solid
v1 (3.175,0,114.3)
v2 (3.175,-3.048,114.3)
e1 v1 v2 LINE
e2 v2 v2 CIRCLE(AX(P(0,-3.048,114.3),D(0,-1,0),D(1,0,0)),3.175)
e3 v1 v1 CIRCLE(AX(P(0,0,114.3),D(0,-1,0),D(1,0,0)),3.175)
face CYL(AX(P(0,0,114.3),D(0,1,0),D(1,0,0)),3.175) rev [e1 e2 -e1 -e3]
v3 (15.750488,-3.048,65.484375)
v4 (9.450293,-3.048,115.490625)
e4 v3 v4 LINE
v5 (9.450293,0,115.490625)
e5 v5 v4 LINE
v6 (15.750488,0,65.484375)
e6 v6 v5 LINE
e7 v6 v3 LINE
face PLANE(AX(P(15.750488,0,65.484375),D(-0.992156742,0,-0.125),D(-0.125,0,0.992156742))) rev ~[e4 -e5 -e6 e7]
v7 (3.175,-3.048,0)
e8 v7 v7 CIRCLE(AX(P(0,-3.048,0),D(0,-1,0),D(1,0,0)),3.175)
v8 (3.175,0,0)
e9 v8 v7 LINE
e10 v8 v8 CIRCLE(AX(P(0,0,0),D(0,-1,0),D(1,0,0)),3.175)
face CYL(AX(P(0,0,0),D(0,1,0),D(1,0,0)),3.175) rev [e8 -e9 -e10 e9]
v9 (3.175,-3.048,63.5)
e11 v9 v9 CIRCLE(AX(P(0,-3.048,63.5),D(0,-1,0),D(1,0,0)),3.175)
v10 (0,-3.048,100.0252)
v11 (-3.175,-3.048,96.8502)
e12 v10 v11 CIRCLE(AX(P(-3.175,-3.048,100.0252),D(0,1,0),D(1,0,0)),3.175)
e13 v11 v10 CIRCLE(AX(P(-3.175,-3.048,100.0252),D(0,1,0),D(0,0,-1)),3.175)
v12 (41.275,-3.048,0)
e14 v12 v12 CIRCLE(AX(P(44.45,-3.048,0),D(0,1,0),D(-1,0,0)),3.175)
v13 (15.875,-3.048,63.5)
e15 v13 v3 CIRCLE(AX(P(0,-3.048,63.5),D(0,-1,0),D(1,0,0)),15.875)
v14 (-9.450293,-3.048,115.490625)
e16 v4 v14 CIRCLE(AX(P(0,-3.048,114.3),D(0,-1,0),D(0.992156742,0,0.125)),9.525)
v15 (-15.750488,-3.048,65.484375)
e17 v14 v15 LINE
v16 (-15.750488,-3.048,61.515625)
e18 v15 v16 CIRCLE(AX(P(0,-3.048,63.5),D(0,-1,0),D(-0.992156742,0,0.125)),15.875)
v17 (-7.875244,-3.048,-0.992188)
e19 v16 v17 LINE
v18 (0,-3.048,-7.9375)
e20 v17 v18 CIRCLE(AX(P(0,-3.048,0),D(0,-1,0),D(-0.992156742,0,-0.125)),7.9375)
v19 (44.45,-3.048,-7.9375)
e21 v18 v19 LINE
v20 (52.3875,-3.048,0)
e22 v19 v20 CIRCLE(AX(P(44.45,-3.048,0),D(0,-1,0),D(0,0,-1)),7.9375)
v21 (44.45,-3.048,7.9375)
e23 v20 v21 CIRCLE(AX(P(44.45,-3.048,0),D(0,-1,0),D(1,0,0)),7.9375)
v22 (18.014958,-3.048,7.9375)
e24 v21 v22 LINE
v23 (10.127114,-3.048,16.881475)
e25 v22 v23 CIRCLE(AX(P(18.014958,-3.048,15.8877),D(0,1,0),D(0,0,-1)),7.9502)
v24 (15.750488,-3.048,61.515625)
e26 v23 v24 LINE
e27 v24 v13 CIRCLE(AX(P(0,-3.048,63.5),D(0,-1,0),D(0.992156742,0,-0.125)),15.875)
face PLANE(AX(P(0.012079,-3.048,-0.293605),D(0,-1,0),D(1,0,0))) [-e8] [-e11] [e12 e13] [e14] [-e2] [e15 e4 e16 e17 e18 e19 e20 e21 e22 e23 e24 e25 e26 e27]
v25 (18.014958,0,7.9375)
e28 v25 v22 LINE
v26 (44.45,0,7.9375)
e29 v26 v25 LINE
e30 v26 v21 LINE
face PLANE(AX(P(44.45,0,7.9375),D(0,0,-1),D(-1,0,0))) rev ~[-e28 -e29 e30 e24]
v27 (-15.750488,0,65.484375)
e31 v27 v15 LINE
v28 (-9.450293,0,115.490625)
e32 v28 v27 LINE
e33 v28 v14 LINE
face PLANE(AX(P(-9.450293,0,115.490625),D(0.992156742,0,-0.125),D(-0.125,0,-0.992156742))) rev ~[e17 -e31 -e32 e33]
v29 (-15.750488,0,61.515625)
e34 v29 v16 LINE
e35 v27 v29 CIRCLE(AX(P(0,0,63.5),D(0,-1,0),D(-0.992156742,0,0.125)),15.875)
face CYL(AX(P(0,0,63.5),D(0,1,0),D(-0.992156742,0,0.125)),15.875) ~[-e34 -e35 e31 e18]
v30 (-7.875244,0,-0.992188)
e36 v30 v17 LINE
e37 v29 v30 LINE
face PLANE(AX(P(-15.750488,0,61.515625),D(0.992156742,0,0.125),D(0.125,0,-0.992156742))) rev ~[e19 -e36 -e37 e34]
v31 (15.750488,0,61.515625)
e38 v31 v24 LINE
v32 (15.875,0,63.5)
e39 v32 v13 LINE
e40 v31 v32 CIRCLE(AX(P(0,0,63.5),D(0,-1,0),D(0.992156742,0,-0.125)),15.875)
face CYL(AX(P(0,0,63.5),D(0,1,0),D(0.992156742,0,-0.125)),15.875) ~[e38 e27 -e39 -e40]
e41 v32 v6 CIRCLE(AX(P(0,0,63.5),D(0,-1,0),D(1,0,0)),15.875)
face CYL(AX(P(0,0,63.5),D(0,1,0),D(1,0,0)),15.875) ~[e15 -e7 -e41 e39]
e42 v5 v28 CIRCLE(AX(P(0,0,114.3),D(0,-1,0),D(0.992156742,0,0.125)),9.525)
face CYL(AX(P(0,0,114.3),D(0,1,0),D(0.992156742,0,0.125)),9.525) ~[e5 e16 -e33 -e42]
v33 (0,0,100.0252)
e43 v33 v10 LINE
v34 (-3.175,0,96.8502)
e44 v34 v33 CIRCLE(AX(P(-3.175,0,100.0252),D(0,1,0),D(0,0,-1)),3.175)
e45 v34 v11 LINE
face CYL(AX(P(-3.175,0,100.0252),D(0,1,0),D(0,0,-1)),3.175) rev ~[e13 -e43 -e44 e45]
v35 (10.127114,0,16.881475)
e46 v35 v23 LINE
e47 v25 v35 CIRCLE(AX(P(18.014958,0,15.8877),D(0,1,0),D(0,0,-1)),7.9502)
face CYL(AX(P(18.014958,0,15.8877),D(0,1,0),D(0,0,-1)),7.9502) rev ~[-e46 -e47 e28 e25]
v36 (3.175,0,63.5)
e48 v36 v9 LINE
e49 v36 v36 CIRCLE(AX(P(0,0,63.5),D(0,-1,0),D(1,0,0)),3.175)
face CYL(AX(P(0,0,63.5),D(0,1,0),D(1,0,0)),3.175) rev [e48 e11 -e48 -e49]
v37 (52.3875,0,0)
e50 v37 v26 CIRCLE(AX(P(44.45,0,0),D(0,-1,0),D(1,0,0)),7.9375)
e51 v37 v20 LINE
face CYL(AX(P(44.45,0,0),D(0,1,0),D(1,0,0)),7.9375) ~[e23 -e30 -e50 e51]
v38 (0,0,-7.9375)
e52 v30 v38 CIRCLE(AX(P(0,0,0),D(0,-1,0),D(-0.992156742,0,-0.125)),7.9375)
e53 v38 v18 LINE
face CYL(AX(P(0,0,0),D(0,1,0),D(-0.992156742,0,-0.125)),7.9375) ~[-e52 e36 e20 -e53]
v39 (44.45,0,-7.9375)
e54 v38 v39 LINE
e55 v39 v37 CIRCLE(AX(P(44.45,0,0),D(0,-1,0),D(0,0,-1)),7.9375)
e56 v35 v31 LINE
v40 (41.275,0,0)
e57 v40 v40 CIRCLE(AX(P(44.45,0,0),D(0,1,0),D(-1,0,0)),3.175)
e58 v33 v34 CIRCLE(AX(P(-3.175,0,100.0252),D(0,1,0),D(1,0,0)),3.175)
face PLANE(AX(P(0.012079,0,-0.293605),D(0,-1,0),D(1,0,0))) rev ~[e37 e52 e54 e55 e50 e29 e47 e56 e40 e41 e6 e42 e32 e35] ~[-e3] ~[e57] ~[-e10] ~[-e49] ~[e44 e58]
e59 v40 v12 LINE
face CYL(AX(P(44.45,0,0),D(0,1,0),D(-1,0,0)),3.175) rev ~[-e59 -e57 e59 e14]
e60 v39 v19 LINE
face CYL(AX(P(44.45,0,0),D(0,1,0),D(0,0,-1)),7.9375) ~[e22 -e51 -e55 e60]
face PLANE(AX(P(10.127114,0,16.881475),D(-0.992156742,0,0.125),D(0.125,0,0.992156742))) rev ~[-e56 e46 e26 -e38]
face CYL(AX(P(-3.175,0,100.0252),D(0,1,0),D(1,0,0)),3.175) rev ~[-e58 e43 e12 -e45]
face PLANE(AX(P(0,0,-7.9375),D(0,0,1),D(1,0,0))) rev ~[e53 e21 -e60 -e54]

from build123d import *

# Parameters (mm, degrees)
F0_R     = 3.175
F1_DEPTH = 3.048


with BuildPart() as f1:
    # F0 (on Front) → F1 (new body)
    with BuildSketch(Plane.XZ):
        with BuildLine():
            ThreePointArc((0, -7.9375), (5.6126600757, -5.6126600757), (7.9375, 0))
            ThreePointArc((7.9375, 0), (-0.4970693683, 7.9219207452), (-7.8752441368, -0.9921875))
            ThreePointArc((-7.8752441368, -0.9921875), (-5.2501627579, -5.953125), (0, -7.9375))
        make_face()
        Circle(F0_R, mode=Mode.SUBTRACT)
        with BuildLine():
            ThreePointArc((-7.8752441368, -0.9921875), (-0.4970693683, 7.9219207452), (7.9375, 0))
            Line((7.9375, 0), (36.5125, 0))
            ThreePointArc((36.5125, 0), (38.8373399243, 5.6126600757), (44.45, 7.9375))
            Line((44.45, 7.9375), (18.0149584735, 7.9375))
            ThreePointArc((18.0149584735, 7.9375), (12.0523084735, 10.6291369817), (10.127113946, 16.881475))
            Line((10.127113946, 16.881475), (15.7504882737, 61.515625))
            ThreePointArc((15.7504882737, 61.515625), (0, 47.625), (-15.7504882737, 61.515625))
            Line((-15.7504882737, 61.515625), (-7.8752441368, -0.9921875))
        make_face()
        with BuildLine():
            Line((36.5125, 0), (7.9375, 0))
            ThreePointArc((7.9375, 0), (5.6126600757, -5.6126600757), (0, -7.9375))
            Line((0, -7.9375), (44.45, -7.9375))
            ThreePointArc((44.45, -7.9375), (38.8373399243, -5.6126600757), (36.5125, 0))
        make_face()
        with BuildLine():
            ThreePointArc((44.45, 7.9375), (38.8373399243, 5.6126600757), (36.5125, 0))
            ThreePointArc((36.5125, 0), (38.8373399243, -5.6126600757), (44.45, -7.9375))
            ThreePointArc((44.45, -7.9375), (50.0626600757, -5.6126600757), (52.3875, 0))
            ThreePointArc((52.3875, 0), (50.0626600757, 5.6126600757), (44.45, 7.9375))
        make_face()
        with BuildLine():
            ThreePointArc((47.625, 0), (44.45, -3.175), (41.275, 0))
            ThreePointArc((41.275, 0), (44.45, 3.175), (47.625, 0))
        make_face(mode=Mode.SUBTRACT)
        with BuildLine():
            ThreePointArc((-15.7504882737, 65.484375), (-15.875, 63.5), (-15.7504882737, 61.515625))
            ThreePointArc((-15.7504882737, 61.515625), (0, 47.625), (15.7504882737, 61.515625))
            ThreePointArc((15.7504882737, 61.515625), (15.8438414904, 62.5058612634), (15.875, 63.5))
            ThreePointArc((15.875, 63.5), (15.8438414904, 64.4941387366), (15.7504882737, 65.484375))
            ThreePointArc((15.7504882737, 65.484375), (9.2504686451, 76.40133539), (-3.175, 79.0542598667))
            ThreePointArc((-3.175, 79.0542598667), (-11.6438383029, 74.2905817534), (-15.7504882737, 65.484375))
        make_face()
        with Locations((0, 63.5)):
            Circle(F0_R, mode=Mode.SUBTRACT)
        with BuildLine():
            Line((-9.4502929642, 115.490625), (-15.7504882737, 65.484375))
            ThreePointArc((-15.7504882737, 65.484375), (-11.6438383029, 74.2905817534), (-3.175, 79.0542598667))
            ThreePointArc((-3.175, 79.0542598667), (9.2504686451, 76.40133539), (15.7504882737, 65.484375))
            Line((15.7504882737, 65.484375), (9.4502929642, 115.490625))
            ThreePointArc((9.4502929642, 115.490625), (9.5063048942, 114.896483242), (9.525, 114.3))
            ThreePointArc((9.525, 114.3), (-0.596483242, 104.7936951058), (-9.4502929642, 115.490625))
        make_face()
        with BuildLine():
            ThreePointArc((0, 100.0252), (-0.9299359697, 97.7801359697), (-3.175, 96.8502))
            ThreePointArc((-3.175, 96.8502), (-5.4200640303, 102.2702640303), (0, 100.0252))
        make_face(mode=Mode.SUBTRACT)
        with BuildLine():
            ThreePointArc((9.4502929642, 115.490625), (0, 123.825), (-9.4502929642, 115.490625))
            ThreePointArc((-9.4502929642, 115.490625), (-0.596483242, 104.7936951058), (9.525, 114.3))
            ThreePointArc((9.525, 114.3), (9.5063048942, 114.896483242), (9.4502929642, 115.490625))
        make_face()
        with Locations((0, 114.3)):
            Circle(F0_R, mode=Mode.SUBTRACT)
    extrude(amount=F1_DEPTH)


solid = f1.part
